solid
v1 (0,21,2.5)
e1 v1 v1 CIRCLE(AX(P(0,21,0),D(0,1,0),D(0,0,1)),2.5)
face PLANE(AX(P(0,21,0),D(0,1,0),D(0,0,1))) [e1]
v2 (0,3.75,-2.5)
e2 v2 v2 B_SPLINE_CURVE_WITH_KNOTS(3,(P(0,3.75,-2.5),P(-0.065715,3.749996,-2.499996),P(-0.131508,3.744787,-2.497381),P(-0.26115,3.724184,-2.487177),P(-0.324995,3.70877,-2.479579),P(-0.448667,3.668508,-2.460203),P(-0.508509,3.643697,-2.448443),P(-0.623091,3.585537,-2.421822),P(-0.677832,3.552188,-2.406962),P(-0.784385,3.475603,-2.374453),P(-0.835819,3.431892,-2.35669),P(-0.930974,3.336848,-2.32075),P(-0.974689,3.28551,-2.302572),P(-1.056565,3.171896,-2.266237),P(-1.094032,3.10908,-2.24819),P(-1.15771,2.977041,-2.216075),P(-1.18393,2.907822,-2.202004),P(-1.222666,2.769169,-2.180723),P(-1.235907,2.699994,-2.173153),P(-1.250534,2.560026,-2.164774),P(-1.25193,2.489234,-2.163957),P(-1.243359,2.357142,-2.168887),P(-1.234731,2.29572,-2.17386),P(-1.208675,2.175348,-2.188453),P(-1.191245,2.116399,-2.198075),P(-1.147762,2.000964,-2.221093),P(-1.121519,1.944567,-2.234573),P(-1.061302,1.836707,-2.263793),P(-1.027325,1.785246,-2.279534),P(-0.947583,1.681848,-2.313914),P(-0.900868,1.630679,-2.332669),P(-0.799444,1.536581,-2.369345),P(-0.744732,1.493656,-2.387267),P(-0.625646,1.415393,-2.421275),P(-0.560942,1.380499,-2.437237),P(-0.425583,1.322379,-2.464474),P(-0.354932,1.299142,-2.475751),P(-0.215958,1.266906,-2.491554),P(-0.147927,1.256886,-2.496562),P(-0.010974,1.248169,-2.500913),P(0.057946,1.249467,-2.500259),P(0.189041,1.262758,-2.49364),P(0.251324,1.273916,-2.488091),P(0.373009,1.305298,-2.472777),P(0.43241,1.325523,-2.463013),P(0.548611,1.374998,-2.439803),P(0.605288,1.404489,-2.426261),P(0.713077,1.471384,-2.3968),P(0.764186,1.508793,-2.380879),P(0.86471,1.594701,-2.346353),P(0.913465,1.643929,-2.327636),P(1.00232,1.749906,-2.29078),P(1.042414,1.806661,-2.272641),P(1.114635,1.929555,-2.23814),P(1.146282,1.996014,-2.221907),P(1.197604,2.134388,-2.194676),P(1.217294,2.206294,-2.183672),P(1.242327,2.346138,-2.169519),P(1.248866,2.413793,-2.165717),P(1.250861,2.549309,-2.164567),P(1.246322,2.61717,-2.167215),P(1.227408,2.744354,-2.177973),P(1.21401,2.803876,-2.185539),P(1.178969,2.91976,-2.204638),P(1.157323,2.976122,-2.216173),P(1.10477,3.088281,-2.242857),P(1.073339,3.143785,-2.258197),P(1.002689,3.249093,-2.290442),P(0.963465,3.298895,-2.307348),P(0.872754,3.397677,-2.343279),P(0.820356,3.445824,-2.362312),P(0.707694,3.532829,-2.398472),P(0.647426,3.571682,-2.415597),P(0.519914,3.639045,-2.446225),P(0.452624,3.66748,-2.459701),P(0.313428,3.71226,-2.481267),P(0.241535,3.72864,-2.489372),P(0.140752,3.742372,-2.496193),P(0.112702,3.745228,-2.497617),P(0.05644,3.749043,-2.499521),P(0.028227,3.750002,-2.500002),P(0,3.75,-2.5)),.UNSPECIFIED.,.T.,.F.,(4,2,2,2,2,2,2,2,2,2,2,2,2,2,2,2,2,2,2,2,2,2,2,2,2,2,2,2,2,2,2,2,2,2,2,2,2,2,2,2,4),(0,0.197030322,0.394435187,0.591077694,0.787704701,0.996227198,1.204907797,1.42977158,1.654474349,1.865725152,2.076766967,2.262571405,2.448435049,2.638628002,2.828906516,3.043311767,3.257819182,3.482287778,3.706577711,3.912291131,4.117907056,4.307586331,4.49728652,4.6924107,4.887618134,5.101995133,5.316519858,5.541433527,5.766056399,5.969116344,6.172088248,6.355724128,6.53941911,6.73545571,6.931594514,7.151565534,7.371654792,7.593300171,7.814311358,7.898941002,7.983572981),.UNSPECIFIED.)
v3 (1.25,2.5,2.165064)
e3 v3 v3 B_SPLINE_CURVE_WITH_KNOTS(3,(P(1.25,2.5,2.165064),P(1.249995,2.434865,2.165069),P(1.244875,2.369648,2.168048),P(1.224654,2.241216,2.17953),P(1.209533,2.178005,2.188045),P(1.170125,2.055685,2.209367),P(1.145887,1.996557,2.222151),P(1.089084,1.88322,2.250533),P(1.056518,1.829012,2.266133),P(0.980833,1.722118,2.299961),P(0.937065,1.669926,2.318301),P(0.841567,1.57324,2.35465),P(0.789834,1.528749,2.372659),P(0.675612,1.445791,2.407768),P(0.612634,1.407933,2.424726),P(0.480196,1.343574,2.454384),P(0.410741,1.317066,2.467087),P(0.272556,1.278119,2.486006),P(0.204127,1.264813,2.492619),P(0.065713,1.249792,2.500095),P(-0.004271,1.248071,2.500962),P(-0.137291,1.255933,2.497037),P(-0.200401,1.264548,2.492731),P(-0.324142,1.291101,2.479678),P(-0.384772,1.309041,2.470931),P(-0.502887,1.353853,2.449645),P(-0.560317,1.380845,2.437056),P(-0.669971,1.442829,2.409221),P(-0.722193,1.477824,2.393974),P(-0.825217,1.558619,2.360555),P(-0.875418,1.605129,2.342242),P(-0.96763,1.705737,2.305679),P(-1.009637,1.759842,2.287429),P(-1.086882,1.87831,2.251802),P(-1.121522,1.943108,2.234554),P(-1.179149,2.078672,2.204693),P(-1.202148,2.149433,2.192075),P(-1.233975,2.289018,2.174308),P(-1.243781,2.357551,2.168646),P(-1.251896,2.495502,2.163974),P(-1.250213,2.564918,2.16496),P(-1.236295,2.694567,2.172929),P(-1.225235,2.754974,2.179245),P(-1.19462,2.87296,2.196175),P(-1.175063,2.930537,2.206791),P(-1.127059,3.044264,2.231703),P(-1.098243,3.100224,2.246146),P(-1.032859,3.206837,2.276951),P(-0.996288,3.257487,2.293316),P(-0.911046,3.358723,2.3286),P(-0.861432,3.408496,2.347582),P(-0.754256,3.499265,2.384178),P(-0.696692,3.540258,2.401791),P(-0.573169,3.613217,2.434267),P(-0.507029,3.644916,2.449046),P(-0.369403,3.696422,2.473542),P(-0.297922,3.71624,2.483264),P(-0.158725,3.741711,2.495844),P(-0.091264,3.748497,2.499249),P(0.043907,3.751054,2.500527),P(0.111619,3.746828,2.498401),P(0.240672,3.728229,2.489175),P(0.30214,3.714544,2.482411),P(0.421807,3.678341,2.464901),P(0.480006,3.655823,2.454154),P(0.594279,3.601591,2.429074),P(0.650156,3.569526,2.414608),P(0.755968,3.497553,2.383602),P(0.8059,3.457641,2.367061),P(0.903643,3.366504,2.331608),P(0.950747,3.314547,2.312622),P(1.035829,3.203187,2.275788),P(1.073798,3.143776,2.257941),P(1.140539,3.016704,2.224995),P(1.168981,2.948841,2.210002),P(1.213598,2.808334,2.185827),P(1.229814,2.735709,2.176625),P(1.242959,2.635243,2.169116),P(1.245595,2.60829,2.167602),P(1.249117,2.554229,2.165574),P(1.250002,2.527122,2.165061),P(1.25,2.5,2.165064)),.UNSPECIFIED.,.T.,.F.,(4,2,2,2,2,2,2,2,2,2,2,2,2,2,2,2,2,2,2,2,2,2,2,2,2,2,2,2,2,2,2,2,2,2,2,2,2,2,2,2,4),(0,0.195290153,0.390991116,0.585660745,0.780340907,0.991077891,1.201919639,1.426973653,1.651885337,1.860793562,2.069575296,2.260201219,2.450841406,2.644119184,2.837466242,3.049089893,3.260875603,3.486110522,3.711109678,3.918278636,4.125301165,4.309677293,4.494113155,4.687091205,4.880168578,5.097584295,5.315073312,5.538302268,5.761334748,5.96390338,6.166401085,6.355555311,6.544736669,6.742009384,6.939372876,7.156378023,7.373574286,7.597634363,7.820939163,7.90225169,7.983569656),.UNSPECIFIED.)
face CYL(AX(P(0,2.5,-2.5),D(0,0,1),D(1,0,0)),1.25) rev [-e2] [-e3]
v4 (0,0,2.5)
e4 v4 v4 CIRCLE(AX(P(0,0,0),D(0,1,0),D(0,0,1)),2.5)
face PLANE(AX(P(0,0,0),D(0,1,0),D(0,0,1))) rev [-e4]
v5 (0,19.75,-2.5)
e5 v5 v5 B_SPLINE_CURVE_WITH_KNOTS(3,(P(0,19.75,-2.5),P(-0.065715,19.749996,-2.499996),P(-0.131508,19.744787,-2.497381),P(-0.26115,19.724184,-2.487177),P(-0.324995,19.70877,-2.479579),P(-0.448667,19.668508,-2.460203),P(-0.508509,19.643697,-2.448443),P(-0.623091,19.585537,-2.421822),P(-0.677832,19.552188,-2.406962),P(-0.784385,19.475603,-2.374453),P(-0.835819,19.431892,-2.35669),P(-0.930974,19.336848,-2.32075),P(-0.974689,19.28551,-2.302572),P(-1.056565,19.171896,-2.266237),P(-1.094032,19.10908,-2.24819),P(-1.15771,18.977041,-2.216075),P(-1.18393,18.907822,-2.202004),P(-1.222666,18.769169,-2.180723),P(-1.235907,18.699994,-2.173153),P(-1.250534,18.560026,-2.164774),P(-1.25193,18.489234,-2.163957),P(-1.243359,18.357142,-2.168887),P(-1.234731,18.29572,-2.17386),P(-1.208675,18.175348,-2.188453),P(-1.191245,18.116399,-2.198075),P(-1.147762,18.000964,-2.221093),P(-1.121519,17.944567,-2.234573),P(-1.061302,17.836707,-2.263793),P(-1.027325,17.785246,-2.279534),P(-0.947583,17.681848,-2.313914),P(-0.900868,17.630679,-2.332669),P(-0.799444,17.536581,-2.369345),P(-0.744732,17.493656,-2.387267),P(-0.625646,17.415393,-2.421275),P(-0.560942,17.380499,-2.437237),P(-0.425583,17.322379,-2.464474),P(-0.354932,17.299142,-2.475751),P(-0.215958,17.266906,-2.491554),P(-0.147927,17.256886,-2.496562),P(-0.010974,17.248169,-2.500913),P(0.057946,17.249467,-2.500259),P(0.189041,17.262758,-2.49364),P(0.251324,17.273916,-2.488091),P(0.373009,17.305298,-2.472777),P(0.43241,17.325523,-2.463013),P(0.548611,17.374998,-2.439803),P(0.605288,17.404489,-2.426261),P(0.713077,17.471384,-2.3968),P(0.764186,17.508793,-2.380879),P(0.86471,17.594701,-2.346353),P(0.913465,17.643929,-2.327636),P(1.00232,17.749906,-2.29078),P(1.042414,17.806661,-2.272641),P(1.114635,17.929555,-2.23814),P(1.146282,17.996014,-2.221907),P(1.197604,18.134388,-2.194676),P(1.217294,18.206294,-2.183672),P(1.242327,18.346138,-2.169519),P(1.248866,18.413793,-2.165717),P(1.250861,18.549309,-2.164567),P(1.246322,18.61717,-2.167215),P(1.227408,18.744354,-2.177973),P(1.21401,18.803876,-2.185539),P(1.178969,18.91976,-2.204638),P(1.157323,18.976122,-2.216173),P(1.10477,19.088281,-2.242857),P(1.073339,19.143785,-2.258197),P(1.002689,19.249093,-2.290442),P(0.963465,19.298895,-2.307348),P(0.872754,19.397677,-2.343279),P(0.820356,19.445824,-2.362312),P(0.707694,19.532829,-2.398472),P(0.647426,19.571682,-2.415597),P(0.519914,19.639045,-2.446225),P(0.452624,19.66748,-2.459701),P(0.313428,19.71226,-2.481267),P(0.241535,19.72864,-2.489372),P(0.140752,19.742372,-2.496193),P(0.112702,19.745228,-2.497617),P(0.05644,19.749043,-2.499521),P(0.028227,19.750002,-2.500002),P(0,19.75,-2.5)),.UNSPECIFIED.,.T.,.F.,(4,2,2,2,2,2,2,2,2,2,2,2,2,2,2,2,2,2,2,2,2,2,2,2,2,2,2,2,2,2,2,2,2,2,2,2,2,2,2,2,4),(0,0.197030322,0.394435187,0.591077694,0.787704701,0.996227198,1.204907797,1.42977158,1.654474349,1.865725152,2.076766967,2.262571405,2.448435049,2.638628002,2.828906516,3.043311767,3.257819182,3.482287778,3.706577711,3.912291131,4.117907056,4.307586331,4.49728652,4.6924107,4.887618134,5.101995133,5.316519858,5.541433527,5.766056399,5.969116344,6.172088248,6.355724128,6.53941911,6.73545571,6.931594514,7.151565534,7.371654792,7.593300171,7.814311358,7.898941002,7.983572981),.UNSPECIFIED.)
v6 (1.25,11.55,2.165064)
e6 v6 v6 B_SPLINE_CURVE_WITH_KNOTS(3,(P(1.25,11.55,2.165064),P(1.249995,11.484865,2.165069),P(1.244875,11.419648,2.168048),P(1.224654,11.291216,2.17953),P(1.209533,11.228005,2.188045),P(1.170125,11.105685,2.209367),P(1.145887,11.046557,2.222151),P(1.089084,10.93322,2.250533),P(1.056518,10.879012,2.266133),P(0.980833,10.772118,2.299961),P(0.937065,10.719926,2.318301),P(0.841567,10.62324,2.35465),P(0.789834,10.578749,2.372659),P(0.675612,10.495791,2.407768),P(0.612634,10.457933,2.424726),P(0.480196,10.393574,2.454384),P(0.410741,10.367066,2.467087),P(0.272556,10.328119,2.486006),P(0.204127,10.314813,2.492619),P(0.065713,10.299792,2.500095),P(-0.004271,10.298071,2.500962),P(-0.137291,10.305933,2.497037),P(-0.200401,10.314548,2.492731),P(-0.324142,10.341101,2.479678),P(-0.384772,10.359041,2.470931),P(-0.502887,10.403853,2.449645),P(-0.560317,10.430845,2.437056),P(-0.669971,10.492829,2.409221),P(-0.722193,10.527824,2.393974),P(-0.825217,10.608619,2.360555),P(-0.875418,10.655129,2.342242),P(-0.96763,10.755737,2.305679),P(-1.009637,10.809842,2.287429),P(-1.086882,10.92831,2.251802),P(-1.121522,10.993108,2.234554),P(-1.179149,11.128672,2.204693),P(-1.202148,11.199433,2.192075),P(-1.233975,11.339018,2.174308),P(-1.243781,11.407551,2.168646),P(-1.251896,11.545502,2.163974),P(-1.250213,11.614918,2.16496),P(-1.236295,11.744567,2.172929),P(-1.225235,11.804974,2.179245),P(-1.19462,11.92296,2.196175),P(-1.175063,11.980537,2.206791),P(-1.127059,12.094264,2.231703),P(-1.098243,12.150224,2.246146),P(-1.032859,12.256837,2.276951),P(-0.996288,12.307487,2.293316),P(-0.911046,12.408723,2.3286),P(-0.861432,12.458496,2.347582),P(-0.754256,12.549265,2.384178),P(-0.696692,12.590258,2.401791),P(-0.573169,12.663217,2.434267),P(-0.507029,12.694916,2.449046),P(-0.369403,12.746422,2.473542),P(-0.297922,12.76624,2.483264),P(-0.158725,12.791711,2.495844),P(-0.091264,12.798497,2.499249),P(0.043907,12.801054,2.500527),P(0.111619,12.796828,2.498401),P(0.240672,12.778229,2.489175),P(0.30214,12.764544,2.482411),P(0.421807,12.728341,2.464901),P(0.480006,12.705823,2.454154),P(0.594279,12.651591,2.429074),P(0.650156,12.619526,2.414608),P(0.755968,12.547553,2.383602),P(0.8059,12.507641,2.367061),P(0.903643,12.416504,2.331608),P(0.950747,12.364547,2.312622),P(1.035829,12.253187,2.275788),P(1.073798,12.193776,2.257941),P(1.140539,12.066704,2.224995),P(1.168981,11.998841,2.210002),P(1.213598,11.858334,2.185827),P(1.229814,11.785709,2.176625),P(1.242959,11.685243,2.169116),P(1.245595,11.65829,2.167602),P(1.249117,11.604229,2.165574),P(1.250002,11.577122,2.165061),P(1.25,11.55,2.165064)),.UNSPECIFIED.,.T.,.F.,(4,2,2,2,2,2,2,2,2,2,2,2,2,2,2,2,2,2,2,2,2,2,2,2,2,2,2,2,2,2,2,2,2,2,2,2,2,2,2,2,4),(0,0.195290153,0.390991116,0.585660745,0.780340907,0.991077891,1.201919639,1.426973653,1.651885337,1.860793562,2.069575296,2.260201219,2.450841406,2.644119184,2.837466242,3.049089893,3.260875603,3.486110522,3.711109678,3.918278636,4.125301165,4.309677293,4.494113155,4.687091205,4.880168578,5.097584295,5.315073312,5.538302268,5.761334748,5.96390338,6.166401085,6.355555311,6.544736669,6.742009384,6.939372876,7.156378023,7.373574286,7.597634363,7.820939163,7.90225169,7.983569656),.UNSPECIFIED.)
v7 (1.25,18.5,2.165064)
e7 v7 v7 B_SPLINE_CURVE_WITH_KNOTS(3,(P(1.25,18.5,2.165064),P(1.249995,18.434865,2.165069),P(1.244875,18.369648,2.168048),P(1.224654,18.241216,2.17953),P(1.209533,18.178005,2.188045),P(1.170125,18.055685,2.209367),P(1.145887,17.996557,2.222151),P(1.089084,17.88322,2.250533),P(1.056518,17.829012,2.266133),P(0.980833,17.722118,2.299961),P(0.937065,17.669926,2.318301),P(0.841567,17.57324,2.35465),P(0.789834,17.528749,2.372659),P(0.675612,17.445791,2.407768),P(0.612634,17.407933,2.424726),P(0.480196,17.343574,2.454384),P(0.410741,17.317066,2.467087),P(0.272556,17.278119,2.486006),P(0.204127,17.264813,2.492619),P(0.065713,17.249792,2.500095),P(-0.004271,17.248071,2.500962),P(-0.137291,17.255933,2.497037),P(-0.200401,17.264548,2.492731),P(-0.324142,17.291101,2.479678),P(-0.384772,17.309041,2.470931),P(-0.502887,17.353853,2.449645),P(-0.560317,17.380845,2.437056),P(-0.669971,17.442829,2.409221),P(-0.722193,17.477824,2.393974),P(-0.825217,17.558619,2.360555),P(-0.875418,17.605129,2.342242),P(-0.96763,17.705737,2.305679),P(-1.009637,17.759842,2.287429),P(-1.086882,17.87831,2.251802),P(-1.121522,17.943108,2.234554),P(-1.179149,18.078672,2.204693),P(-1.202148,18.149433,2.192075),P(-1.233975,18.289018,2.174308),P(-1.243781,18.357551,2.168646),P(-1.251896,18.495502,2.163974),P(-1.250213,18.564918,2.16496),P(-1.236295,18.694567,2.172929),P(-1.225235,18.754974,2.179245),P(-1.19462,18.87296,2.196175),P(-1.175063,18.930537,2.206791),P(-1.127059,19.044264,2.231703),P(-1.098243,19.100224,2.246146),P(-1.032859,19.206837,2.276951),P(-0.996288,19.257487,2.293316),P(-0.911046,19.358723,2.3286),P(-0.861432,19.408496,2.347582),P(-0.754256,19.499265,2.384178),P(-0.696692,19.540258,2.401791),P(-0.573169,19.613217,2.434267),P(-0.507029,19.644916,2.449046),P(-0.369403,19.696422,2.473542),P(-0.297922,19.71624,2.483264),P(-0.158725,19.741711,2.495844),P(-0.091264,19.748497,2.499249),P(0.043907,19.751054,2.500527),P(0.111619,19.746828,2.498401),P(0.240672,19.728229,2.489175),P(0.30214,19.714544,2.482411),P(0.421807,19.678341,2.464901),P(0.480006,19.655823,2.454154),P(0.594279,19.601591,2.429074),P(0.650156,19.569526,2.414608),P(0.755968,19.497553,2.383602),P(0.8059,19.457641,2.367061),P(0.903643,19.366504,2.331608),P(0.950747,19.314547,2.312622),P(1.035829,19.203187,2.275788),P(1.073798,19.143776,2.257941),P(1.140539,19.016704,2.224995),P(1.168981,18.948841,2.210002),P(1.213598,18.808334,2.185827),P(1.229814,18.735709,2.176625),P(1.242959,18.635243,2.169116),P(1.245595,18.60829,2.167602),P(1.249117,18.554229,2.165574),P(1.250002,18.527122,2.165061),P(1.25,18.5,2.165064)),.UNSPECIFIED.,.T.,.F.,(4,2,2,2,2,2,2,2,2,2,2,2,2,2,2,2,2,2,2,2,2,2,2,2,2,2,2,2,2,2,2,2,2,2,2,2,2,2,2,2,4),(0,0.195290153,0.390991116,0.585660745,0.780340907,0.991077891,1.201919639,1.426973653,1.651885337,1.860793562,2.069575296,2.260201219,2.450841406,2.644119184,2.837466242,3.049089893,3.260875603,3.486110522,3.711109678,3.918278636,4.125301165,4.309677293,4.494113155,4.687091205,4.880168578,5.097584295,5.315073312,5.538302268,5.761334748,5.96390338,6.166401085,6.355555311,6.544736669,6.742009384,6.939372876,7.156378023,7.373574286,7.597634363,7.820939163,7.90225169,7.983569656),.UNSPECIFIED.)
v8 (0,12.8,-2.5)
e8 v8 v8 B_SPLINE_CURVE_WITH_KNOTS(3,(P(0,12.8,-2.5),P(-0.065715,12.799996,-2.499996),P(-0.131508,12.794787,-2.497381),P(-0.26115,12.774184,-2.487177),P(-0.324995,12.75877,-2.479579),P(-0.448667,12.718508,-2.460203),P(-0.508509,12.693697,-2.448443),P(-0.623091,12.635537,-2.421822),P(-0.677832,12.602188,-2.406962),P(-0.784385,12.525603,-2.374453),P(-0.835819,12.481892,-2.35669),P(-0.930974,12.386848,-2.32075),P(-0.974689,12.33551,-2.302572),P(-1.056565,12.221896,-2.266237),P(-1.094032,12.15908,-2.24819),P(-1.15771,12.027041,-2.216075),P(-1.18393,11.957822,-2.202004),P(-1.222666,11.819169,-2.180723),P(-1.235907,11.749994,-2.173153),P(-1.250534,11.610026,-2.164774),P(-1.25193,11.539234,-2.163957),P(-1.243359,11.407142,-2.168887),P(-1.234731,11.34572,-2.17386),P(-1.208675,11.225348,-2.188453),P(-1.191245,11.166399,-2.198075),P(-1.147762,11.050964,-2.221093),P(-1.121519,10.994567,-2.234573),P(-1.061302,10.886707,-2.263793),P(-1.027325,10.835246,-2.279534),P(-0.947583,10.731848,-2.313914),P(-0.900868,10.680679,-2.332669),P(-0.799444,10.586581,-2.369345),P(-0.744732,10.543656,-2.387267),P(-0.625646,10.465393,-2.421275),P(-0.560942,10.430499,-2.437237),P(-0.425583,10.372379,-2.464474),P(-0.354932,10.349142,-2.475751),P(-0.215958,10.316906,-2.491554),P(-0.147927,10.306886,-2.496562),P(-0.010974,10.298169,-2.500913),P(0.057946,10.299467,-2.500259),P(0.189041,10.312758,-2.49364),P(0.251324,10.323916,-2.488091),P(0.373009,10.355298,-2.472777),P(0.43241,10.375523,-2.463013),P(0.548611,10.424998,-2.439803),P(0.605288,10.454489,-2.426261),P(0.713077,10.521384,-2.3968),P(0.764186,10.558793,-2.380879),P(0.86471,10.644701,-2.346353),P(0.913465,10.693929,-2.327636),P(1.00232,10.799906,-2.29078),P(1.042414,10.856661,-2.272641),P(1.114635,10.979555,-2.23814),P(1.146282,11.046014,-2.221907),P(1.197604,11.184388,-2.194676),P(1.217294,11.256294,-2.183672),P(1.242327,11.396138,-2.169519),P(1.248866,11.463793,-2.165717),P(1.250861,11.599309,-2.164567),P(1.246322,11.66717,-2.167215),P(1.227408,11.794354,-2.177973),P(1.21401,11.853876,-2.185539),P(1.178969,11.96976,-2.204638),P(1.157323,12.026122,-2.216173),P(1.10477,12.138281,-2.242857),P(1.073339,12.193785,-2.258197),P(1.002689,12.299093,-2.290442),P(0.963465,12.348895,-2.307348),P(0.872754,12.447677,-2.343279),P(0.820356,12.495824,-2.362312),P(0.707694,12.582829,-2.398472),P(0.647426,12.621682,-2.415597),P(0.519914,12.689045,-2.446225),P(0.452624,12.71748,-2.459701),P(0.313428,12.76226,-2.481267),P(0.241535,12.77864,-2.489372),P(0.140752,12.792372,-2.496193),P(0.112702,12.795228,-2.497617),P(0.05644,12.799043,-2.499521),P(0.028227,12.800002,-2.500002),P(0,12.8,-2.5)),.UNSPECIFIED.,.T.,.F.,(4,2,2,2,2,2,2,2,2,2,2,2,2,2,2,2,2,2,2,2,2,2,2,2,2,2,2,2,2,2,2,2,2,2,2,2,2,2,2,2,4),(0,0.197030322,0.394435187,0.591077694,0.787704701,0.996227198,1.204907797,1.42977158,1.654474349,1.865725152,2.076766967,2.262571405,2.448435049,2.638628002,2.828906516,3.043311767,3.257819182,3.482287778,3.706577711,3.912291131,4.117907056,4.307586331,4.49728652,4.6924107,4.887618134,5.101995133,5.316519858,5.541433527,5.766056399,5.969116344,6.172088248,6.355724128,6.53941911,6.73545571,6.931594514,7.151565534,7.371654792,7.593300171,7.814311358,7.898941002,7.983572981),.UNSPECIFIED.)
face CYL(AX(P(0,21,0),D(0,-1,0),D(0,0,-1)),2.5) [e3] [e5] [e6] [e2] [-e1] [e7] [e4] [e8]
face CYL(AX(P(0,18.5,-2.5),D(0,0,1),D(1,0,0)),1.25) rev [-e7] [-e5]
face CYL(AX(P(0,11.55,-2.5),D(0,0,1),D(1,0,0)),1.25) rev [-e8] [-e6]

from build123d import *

# Parameters (mm, degrees)
SKETCH1_R               = 2.5
BOSS_EXTRUDE1_DEPTH     = 21
SKETCH2_R               = 1.25
CUT_EXTRUDE1_DEPTH      = 3.5
CUT_EXTRUDE1_DEPTH_BACK = 3.5


with BuildPart() as part:
    # Sketch1 → Boss-Extrude1 (new body)
    with BuildSketch(Plane(origin=(0, 0, 0), x_dir=(1, 0, 0), z_dir=(0, 1, 0))):
        Circle(SKETCH1_R)
    extrude(amount=BOSS_EXTRUDE1_DEPTH)

    # Sketch2 → Cut-Extrude1 (cut, two sides)
    with BuildSketch(Plane.XY) as cut_extrude1_sk:
        with Locations((0, 18.5)):
            Circle(SKETCH2_R)
        with Locations((0, 2.5)):
            Circle(SKETCH2_R)
        with Locations((0, 11.55)):
            Circle(SKETCH2_R)
    extrude(amount=CUT_EXTRUDE1_DEPTH, mode=Mode.SUBTRACT)
    extrude(cut_extrude1_sk.sketch, amount=-CUT_EXTRUDE1_DEPTH_BACK, mode=Mode.SUBTRACT)


solid = part.part
